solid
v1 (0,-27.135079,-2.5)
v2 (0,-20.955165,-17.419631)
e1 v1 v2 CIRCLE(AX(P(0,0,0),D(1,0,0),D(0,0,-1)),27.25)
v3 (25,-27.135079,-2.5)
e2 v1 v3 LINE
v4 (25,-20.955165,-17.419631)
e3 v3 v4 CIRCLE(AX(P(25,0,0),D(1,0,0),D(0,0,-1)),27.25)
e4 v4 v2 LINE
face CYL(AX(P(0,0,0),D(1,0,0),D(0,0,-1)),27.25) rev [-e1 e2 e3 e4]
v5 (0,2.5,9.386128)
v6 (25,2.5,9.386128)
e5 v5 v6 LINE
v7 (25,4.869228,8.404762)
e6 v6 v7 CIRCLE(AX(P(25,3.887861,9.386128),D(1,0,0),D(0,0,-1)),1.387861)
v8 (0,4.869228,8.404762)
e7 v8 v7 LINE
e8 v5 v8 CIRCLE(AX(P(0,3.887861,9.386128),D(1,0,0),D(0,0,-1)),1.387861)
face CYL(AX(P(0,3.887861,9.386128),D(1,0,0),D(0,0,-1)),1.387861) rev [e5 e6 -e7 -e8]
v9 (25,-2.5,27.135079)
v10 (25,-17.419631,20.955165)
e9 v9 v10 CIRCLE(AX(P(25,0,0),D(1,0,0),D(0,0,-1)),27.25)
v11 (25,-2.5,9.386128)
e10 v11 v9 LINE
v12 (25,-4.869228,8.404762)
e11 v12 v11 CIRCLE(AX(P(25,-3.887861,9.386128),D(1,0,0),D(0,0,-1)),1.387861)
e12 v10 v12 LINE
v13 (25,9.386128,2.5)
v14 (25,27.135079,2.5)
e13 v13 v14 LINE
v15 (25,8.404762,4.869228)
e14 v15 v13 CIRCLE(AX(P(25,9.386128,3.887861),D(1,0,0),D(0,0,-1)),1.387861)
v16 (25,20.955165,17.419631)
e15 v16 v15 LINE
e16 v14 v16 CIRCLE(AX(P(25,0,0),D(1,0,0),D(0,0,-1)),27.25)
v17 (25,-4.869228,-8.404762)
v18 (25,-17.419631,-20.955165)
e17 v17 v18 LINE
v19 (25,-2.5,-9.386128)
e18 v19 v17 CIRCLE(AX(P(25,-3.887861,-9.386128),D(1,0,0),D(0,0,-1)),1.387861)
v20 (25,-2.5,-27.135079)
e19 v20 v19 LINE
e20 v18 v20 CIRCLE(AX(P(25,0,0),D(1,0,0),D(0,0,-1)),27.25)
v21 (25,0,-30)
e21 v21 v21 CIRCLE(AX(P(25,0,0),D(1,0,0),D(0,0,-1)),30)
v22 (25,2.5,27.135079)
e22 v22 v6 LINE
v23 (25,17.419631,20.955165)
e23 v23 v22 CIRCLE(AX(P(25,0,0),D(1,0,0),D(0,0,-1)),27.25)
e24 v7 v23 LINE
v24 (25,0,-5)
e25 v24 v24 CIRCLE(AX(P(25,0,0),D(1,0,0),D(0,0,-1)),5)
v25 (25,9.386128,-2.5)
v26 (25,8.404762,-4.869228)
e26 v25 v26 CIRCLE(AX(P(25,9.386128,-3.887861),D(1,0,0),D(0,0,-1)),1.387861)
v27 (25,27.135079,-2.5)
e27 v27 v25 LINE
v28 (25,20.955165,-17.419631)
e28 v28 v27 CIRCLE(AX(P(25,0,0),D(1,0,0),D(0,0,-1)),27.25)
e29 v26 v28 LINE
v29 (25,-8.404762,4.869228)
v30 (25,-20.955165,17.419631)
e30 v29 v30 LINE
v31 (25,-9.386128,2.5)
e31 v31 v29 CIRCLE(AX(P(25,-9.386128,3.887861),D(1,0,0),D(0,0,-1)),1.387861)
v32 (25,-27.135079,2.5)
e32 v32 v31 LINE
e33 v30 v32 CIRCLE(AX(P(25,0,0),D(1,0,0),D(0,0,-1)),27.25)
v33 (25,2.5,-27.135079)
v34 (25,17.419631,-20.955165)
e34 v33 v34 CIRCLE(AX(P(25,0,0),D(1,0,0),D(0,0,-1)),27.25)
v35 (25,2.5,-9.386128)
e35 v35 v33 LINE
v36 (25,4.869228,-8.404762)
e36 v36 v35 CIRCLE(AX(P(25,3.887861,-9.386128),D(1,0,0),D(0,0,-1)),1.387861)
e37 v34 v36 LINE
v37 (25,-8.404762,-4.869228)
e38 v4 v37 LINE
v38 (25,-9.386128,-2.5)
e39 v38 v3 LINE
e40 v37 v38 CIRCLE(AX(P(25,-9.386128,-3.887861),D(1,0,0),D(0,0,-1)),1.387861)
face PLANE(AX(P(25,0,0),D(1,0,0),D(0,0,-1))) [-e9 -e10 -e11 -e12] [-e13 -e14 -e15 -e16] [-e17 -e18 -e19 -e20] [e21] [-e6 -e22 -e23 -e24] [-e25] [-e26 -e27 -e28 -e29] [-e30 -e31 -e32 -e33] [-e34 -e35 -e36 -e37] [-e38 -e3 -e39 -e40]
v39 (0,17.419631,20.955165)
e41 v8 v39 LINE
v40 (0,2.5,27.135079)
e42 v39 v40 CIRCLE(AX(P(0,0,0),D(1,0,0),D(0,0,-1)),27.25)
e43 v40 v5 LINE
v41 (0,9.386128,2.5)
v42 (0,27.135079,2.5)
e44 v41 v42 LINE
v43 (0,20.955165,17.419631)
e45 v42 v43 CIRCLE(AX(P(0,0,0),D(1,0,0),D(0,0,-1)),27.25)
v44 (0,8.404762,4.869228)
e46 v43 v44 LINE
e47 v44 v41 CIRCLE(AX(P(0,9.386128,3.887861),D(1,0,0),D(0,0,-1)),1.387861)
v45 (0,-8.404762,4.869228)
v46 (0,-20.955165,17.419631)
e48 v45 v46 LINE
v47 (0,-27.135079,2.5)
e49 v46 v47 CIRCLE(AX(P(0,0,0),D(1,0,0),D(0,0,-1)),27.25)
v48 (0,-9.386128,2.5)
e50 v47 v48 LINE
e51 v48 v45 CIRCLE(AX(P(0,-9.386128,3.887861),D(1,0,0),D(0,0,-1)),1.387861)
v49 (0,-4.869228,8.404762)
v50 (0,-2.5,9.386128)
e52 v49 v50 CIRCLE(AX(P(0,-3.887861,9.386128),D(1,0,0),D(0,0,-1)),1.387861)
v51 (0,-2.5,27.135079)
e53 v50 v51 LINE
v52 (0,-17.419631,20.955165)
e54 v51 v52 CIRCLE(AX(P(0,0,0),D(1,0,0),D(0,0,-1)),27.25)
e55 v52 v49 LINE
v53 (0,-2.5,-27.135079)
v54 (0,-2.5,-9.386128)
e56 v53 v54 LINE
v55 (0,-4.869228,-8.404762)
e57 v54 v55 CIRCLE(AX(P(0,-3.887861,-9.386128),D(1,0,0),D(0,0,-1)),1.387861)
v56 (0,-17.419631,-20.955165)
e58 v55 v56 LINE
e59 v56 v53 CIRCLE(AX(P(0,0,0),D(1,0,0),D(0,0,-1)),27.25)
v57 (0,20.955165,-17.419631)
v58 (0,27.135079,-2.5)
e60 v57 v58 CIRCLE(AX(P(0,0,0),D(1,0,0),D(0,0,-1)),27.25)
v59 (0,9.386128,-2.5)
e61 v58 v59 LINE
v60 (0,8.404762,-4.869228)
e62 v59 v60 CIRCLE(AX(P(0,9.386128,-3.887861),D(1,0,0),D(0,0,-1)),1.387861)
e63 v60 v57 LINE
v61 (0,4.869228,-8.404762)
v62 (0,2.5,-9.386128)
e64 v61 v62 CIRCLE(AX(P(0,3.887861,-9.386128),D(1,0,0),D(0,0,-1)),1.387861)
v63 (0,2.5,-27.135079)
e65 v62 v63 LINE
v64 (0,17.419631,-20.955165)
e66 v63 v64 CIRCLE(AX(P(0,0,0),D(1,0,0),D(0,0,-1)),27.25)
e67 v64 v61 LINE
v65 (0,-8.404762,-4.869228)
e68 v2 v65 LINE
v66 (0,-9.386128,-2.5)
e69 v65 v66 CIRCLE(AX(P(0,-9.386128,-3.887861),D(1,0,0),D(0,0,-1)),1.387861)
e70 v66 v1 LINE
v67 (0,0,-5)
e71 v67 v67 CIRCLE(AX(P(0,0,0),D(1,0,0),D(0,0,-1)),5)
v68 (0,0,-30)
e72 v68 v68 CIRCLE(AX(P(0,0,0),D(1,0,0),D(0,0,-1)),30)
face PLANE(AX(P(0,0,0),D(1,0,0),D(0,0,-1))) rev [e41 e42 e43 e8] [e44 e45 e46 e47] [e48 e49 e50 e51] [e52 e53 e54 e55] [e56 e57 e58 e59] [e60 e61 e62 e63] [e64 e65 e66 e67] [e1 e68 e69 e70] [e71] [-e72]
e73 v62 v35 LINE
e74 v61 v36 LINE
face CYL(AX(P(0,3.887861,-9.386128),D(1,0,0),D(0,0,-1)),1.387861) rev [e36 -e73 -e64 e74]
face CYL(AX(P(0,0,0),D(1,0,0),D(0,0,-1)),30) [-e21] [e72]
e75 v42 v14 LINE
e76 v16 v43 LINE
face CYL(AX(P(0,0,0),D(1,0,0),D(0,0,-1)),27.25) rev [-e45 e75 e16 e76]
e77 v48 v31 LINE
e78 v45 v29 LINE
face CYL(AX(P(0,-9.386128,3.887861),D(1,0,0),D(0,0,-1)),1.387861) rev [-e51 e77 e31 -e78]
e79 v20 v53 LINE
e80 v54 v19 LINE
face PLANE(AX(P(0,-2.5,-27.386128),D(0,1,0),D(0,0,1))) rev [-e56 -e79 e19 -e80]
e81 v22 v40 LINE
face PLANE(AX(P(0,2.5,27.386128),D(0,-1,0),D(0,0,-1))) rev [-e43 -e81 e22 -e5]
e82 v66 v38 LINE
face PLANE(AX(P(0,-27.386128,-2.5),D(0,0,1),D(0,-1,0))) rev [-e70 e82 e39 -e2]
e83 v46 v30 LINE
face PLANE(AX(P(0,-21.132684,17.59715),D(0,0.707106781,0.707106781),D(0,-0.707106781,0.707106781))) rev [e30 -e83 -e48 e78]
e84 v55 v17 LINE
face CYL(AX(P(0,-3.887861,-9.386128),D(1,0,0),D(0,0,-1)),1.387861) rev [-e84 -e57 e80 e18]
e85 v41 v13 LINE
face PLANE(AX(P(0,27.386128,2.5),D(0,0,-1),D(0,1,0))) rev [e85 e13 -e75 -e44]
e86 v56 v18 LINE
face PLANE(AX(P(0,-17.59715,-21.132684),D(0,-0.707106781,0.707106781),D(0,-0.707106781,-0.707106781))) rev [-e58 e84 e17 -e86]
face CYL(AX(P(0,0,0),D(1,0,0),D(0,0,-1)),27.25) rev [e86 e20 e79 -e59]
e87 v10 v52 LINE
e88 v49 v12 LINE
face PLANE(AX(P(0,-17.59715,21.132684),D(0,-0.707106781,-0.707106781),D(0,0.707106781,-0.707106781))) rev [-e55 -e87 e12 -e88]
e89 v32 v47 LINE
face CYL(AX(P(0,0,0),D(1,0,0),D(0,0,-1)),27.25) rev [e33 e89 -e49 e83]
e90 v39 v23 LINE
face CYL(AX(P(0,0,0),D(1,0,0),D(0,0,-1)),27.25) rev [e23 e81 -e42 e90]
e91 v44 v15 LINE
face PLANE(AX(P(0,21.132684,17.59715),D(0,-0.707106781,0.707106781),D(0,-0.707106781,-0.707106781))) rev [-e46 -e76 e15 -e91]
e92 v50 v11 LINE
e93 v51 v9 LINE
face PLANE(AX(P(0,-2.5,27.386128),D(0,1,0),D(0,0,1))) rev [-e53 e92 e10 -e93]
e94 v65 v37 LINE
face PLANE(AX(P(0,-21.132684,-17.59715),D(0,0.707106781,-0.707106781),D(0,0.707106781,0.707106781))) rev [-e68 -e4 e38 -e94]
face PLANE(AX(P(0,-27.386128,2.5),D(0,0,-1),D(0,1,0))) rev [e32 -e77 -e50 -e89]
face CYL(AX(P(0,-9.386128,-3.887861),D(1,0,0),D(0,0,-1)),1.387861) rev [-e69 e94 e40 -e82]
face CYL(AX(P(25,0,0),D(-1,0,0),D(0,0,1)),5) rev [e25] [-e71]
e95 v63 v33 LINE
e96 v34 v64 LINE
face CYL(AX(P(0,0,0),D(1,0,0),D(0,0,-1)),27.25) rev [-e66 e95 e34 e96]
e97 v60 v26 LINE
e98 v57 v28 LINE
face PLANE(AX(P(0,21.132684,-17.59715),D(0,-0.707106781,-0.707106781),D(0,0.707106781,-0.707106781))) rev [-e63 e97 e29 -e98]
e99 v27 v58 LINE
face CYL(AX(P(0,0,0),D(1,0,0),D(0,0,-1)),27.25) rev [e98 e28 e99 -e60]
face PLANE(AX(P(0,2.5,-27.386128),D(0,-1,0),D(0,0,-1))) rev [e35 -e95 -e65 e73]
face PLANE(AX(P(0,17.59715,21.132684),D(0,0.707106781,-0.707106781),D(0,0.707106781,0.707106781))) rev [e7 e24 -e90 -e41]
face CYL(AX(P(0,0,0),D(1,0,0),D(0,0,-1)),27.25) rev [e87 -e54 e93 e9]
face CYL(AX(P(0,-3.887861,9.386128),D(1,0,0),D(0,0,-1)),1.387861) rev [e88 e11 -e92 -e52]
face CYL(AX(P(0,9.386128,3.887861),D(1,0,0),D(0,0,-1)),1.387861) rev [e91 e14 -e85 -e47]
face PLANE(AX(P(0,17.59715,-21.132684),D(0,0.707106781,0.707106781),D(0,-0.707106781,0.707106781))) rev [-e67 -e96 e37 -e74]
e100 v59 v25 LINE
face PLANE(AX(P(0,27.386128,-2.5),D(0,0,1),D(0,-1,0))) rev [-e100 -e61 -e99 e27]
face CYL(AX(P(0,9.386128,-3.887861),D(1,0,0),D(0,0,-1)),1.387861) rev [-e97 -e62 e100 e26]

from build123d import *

# Parameters (mm, degrees)
SKETCH1_R           = 27.5
SKETCH1_R_2         = 5
BOSS_EXTRUDE1_DEPTH = 25
CUT_EXTRUDE1_DEPTH  = 25
SKETCH3_R           = 30
SKETCH3_R_2         = 27.25
BOSS_EXTRUDE2_DEPTH = 25


with BuildPart() as part:
    # Sketch1 → Boss-Extrude1 (new body)
    with BuildSketch(Plane(origin=(0, 0, 0), x_dir=(0, 0, -1), z_dir=(1, 0, 0))):
        Circle(SKETCH1_R)
        Circle(SKETCH1_R_2, mode=Mode.SUBTRACT)
    extrude(amount=BOSS_EXTRUDE1_DEPTH)

    # Sketch2 → Cut-Extrude1 (cut)
    with BuildSketch(Plane(origin=(25, 0, 0), x_dir=(0, 0, -1), z_dir=(1, 0, 0))):
        with BuildLine():
            Line((-2.5, 27.386127875), (-2.5, 9.386127875))
            ThreePointArc((-2.5, 9.386127875), (-3.356749875, 8.103911075), (-4.869227717, 8.404761623))
            Line((-4.869227717, 8.404761623), (-17.597149778, 21.132683684))
            ThreePointArc((-17.597149778, 21.132683684), (-10.670518583, 25.760910681), (-2.5, 27.386127875))
        make_face()
        with BuildLine():
            Line((17.597149778, 21.132683684), (4.869227717, 8.404761623))
            ThreePointArc((4.869227717, 8.404761623), (3.356749875, 8.103911075), (2.5, 9.386127875))
            Line((2.5, 9.386127875), (2.5, 27.386127875))
            ThreePointArc((2.5, 27.386127875), (10.670518583, 25.760910681), (17.597149778, 21.132683684))
        make_face()
        with BuildLine():
            Line((27.386127875, 2.5), (9.386127875, 2.5))
            ThreePointArc((9.386127875, 2.5), (8.103911075, 3.356749875), (8.404761623, 4.869227717))
            Line((8.404761623, 4.869227717), (21.132683684, 17.597149778))
            ThreePointArc((21.132683684, 17.597149778), (25.760910681, 10.670518583), (27.386127875, 2.5))
        make_face()
        with BuildLine():
            Line((21.132683684, -17.597149778), (8.404761623, -4.869227717))
            ThreePointArc((8.404761623, -4.869227717), (8.103911075, -3.356749875), (9.386127875, -2.5))
            Line((9.386127875, -2.5), (27.386127875, -2.5))
            ThreePointArc((27.386127875, -2.5), (25.760910681, -10.670518583), (21.132683684, -17.597149778))
        make_face()
        with BuildLine():
            Line((2.5, -27.386127875), (2.5, -9.386127875))
            ThreePointArc((2.5, -9.386127875), (3.356749875, -8.103911075), (4.869227717, -8.404761623))
            Line((4.869227717, -8.404761623), (17.597149778, -21.132683684))
            ThreePointArc((17.597149778, -21.132683684), (10.670518583, -25.760910681), (2.5, -27.386127875))
        make_face()
        with BuildLine():
            Line((-17.597149778, -21.132683684), (-4.869227717, -8.404761623))
            ThreePointArc((-4.869227717, -8.404761623), (-3.356749875, -8.103911075), (-2.5, -9.386127875))
            Line((-2.5, -9.386127875), (-2.5, -27.386127875))
            ThreePointArc((-2.5, -27.386127875), (-10.670518583, -25.760910681), (-17.597149778, -21.132683684))
        make_face()
        with BuildLine():
            Line((-27.386127875, -2.5), (-9.386127875, -2.5))
            ThreePointArc((-9.386127875, -2.5), (-8.103911075, -3.356749875), (-8.404761623, -4.869227717))
            Line((-8.404761623, -4.869227717), (-21.132683684, -17.597149778))
            ThreePointArc((-21.132683684, -17.597149778), (-25.760910681, -10.670518583), (-27.386127875, -2.5))
        make_face()
        with BuildLine():
            Line((-21.132683684, 17.597149778), (-8.404761623, 4.869227717))
            ThreePointArc((-8.404761623, 4.869227717), (-8.103911075, 3.356749875), (-9.386127875, 2.5))
            Line((-9.386127875, 2.5), (-27.386127875, 2.5))
            ThreePointArc((-27.386127875, 2.5), (-25.760910681, 10.670518583), (-21.132683684, 17.597149778))
        make_face()
    extrude(amount=-CUT_EXTRUDE1_DEPTH, mode=Mode.SUBTRACT)

    # Sketch3 → Boss-Extrude2 (add)
    with BuildSketch(Plane(origin=(25, 0, 0), x_dir=(0, 0, -1), z_dir=(1, 0, 0))):
        Circle(SKETCH3_R)
        Circle(SKETCH3_R_2, mode=Mode.SUBTRACT)
    extrude(amount=-BOSS_EXTRUDE2_DEPTH)


solid = part.part
